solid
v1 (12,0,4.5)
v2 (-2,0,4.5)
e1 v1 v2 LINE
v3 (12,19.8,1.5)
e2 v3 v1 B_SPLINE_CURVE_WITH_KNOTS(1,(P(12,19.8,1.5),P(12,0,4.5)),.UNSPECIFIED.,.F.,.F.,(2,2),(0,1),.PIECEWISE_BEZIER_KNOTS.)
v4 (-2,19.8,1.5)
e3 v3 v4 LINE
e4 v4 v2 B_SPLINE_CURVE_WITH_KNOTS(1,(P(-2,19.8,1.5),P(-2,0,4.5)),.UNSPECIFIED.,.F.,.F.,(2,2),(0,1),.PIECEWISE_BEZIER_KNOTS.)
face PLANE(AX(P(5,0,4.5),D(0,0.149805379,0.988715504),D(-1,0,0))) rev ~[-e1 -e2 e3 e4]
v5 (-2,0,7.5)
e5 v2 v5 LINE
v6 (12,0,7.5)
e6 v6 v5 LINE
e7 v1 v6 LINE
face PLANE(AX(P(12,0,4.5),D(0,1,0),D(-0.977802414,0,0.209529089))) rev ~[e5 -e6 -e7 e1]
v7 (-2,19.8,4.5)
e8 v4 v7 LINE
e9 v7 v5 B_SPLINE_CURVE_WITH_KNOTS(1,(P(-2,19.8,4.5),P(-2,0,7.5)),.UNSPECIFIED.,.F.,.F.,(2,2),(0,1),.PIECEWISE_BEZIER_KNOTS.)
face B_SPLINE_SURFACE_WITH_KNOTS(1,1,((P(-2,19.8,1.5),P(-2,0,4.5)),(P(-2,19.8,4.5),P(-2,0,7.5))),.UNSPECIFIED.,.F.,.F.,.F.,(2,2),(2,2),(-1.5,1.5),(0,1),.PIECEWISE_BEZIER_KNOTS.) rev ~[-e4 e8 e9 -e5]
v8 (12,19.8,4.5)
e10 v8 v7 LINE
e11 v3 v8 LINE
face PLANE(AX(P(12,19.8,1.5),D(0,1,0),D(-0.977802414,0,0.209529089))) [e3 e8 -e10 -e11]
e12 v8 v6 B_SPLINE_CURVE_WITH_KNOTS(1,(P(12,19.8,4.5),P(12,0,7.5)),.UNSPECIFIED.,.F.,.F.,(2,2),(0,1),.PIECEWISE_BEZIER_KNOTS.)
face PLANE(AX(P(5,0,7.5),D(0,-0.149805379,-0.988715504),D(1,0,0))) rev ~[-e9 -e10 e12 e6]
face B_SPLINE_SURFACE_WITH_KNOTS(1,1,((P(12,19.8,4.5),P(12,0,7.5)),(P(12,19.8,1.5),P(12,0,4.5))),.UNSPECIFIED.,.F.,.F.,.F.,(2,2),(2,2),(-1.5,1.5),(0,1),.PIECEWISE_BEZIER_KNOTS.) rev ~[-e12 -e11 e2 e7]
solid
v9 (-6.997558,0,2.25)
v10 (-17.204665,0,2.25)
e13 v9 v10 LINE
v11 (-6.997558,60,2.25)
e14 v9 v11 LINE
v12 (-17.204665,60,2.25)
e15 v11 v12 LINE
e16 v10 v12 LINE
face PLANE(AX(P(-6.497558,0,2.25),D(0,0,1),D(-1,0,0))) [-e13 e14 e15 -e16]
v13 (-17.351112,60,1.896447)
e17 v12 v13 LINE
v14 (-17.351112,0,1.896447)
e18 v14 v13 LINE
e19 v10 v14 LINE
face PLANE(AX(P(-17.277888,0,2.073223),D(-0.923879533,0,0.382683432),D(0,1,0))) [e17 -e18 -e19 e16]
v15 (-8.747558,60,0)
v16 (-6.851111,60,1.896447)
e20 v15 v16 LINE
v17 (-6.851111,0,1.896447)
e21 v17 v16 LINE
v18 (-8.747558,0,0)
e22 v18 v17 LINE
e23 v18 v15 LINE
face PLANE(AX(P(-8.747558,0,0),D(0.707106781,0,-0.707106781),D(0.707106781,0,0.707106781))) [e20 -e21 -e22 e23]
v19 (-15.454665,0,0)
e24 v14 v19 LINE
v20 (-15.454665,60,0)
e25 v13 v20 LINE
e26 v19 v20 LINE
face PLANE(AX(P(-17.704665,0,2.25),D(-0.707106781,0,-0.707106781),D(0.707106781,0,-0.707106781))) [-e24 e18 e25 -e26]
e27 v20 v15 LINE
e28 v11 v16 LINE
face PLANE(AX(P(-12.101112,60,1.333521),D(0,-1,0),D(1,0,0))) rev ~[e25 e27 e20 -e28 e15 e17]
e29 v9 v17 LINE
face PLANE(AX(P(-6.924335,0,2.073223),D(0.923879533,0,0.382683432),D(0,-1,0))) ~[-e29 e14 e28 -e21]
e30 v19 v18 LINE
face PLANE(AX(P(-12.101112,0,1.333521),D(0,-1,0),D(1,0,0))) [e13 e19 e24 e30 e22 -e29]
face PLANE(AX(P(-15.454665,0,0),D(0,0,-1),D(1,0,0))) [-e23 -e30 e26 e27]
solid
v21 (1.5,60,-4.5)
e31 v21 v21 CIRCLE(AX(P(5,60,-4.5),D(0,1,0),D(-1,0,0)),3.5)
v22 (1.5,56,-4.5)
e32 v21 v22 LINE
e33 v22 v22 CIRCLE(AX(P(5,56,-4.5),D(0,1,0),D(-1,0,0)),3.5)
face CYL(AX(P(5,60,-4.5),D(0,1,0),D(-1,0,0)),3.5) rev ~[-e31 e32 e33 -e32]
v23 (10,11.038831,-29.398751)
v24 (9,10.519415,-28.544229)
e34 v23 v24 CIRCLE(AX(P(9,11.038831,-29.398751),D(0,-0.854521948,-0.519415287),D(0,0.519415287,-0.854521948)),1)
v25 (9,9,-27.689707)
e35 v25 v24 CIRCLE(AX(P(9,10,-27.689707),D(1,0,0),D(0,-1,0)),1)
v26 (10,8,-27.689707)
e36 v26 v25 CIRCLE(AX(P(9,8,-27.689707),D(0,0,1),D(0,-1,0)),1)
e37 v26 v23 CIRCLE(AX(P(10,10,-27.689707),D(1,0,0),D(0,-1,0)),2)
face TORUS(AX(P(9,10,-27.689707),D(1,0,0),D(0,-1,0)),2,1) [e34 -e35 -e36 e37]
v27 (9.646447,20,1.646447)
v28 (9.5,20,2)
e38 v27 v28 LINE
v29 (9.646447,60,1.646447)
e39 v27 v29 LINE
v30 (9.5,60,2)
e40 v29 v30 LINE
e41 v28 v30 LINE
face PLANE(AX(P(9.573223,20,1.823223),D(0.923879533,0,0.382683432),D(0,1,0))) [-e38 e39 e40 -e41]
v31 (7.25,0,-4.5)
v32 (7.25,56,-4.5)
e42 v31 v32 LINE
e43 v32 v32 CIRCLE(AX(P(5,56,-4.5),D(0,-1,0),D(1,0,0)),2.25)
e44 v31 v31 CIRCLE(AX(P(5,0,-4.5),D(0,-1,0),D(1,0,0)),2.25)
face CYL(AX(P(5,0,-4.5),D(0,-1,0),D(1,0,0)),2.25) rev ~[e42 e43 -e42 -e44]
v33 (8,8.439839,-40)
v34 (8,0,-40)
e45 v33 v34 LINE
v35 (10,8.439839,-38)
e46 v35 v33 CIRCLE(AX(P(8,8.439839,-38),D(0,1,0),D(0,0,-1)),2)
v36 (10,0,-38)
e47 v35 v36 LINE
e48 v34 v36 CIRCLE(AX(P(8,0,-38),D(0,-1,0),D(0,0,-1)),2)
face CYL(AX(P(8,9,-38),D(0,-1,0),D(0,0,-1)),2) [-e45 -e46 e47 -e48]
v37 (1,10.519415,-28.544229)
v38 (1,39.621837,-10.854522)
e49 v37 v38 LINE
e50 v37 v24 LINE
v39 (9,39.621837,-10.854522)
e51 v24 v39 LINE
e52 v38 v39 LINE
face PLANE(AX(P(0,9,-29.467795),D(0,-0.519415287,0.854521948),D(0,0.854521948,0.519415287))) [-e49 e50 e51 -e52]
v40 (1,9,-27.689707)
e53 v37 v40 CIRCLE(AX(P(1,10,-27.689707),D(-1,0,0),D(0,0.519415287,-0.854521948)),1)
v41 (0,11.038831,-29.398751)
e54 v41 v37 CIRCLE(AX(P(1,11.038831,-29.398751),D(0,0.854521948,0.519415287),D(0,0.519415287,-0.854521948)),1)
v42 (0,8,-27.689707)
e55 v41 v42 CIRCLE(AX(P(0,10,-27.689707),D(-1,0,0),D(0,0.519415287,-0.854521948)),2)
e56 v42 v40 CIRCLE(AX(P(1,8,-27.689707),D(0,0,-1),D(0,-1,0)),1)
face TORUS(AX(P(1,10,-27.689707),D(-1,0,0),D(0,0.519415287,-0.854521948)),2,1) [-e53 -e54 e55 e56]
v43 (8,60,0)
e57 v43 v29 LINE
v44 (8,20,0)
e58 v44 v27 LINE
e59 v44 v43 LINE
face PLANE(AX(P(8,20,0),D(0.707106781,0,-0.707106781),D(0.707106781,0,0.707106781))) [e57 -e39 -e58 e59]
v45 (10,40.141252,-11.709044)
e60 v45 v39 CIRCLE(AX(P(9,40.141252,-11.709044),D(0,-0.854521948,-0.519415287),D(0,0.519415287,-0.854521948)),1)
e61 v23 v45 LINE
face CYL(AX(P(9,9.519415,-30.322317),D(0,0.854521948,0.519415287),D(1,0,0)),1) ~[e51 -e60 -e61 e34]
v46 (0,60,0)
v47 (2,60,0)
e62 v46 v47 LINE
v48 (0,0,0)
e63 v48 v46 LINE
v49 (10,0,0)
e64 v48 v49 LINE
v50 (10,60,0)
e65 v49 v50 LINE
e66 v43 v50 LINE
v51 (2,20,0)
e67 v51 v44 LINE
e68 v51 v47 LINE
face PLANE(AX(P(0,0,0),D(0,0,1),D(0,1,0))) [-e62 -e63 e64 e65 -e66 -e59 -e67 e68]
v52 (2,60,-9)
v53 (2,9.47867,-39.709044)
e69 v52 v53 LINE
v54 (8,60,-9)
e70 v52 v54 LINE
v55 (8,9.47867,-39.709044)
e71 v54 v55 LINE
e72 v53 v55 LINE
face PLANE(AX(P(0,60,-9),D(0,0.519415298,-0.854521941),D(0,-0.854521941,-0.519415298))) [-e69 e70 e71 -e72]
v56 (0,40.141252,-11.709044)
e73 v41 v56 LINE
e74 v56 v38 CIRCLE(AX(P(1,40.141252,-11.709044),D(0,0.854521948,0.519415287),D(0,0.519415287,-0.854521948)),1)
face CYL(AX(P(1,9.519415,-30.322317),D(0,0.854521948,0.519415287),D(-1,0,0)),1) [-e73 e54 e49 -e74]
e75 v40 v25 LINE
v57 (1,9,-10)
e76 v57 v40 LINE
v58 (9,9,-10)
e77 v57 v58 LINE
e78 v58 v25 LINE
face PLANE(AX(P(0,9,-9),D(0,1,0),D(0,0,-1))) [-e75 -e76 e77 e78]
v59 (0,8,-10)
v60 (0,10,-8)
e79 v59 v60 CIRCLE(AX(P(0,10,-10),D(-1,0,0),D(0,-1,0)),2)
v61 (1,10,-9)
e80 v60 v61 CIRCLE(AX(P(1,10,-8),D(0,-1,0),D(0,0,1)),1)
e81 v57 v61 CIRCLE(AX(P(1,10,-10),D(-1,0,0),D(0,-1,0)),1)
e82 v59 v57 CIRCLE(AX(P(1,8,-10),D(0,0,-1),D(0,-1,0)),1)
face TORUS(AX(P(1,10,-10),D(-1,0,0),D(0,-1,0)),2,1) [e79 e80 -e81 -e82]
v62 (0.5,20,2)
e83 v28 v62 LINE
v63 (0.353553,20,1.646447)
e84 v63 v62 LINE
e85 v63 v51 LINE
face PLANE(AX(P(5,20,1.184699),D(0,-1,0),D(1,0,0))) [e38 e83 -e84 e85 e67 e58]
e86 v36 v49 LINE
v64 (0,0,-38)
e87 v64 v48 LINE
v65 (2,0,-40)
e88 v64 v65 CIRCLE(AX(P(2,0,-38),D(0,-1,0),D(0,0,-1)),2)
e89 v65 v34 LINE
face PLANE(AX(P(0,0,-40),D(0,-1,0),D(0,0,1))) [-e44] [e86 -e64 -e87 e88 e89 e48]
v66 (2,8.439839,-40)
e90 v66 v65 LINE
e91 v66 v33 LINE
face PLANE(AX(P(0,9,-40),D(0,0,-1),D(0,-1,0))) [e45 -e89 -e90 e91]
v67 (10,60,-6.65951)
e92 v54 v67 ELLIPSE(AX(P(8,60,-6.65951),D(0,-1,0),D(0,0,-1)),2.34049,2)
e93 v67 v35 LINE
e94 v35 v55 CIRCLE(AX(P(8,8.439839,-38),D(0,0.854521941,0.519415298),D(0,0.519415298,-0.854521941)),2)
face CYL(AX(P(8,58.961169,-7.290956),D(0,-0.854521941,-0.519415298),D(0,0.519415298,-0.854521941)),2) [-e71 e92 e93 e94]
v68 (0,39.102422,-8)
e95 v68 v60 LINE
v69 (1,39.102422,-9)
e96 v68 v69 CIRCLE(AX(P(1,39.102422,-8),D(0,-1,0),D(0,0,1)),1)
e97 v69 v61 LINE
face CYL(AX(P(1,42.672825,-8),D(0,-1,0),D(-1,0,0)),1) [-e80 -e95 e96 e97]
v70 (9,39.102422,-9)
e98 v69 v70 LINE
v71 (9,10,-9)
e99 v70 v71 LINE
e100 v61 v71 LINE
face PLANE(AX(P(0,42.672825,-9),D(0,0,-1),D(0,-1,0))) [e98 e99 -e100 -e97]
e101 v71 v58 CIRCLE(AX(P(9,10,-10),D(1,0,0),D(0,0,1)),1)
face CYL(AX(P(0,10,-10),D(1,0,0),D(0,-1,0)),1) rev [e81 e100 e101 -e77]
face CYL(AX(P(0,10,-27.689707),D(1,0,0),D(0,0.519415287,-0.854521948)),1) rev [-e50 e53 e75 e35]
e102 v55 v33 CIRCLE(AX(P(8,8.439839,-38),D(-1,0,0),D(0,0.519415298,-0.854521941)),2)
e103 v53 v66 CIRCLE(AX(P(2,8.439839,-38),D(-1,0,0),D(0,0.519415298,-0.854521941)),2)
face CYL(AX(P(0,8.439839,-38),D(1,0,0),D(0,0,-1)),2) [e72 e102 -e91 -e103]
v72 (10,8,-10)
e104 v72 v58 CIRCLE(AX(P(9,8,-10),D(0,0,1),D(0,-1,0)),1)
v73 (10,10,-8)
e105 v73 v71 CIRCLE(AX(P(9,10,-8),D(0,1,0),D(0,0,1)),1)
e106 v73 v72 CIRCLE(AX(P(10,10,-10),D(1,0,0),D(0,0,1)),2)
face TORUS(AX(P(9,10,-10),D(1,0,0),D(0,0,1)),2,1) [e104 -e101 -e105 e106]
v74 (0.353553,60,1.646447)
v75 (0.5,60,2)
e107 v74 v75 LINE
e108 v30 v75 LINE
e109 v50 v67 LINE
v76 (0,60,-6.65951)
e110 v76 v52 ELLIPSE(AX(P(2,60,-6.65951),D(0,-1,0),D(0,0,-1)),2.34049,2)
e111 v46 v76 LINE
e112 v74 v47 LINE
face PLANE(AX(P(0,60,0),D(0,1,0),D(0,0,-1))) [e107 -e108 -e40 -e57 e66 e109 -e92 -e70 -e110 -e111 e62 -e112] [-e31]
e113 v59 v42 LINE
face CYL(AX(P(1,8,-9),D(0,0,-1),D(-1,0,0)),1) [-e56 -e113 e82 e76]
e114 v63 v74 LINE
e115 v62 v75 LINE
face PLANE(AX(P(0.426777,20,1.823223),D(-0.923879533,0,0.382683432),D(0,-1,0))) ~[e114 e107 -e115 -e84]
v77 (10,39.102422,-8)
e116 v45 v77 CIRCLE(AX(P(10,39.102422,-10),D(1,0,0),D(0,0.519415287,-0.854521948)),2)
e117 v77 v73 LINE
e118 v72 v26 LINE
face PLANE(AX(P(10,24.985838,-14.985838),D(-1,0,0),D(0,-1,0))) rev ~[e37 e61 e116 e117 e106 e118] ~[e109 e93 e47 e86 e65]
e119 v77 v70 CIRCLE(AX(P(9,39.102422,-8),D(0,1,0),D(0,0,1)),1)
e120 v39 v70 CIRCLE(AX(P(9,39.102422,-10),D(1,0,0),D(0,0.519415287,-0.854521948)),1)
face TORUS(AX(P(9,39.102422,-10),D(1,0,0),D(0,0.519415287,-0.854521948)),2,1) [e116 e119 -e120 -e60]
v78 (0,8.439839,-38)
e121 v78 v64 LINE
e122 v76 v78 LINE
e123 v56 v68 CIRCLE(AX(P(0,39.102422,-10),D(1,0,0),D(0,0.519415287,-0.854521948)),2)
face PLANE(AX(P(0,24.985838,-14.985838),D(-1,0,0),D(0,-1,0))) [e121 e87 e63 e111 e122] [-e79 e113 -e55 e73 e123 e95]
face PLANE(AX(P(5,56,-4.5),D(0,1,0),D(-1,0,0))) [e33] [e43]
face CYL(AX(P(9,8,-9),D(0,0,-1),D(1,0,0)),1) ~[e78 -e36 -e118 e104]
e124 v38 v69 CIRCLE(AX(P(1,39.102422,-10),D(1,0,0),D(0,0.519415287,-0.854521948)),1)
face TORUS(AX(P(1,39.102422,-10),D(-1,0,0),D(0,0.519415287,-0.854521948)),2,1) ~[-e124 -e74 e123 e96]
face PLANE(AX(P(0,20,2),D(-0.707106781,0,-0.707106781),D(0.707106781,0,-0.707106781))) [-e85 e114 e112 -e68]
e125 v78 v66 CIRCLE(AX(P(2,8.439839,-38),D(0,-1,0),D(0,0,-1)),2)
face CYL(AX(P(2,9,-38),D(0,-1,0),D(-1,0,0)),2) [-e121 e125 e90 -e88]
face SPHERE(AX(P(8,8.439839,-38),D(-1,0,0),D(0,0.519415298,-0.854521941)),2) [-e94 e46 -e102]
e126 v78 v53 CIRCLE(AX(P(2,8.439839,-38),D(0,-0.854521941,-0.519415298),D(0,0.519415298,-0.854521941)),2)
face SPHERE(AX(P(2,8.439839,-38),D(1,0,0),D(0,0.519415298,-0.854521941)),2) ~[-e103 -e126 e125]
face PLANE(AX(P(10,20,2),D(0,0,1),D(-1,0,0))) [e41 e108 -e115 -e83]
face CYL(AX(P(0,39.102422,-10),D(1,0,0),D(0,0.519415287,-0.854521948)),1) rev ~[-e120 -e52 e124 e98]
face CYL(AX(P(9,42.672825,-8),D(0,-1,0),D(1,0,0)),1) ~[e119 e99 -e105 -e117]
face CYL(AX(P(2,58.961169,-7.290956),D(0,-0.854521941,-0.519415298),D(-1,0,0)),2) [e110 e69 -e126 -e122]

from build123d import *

# Parameters (mm, degrees)
PAD_DEPTH       = 10
SKETCH001_R     = 2.25
POCKET_DEPTH    = 60.001
SKETCH004_R     = 3.5
POCKET002_DEPTH = 4
POCKET001_DEPTH = 10.001
PAD001_DEPTH    = 40
CHAMFER_SIZE    = 0.5
FILLET_R        = 1
FILLET001_R     = 2
SKETCH006_W     = 14
SKETCH006_H     = 3
SKETCH005_W     = 14
SKETCH005_H     = 3
PAD002_DEPTH    = 60
CHAMFER001_SIZE = 0.5


with BuildPart() as mount:
    # Sketch → Pad (new body)
    with BuildSketch(Plane.YZ):
        Polygon((0, 0), (60, 0), (60, -9), (9, -40), (0, -40), align=None)
    extrude(amount=PAD_DEPTH)

    # Sketch001 → Pocket (cut, through all)
    with BuildSketch(Plane.XZ):
        with Locations((5, -4.5)):
            Circle(SKETCH001_R)
    extrude(amount=-POCKET_DEPTH, mode=Mode.SUBTRACT)

    # Sketch004 → Pocket002 (cut)
    with BuildSketch(Plane(origin=(0, 60, 0), x_dir=(-1, 0, 0), z_dir=(0, 1, 0))):
        with Locations((-5, -4.5)):
            Circle(SKETCH004_R)
    extrude(amount=-POCKET002_DEPTH, mode=Mode.SUBTRACT)

    # Sketch002 → Pocket001 (cut, through all)
    with BuildSketch(Plane(origin=(0, 0, 0), x_dir=(0, -1, 0), z_dir=(-1, 0, 0))):
        Polygon((-42.672825, -9), (-9, -9), (-9, -29.467795), align=None)
    extrude(amount=-POCKET001_DEPTH, mode=Mode.SUBTRACT)

    # Sketch003 → Pad001 (join)
    with BuildSketch(Plane(origin=(0, 20, 0), x_dir=(-1, 0, 0), z_dir=(0, 1, 0))):
        Polygon((-8, 0), (-10, 2), (0, 2), (-2, 0), align=None)
    extrude(amount=PAD001_DEPTH)

    # Chamfer
    chamfer_edges = [mount.edges().sort_by_distance(p)[0] for p in [
        (0, 40, 2),
        (10, 40, 2),
    ]]
    chamfer(chamfer_edges, length=CHAMFER_SIZE)

    # Fillet
    fillet_edges = [mount.edges().sort_by_distance(p)[0] for p in [
        (0, 25.836412, -9),
        (5, 9, -9),
        (10, 25.836412, -9),
        (5, 42.672825, -9),
        (0, 9, -19.233898),
        (5, 9, -29.467795),
        (10, 9, -19.233898),
        (0, 25.836412, -19.233898),
        (10, 25.836412, -19.233898),
    ]]
    fillet(fillet_edges, radius=FILLET_R)

    # Fillet001
    fillet001_edges = [mount.edges().sort_by_distance(p)[0] for p in [
        (10, 34.5, -24.5),
        (0, 34.5, -24.5),
        (10, 4.5, -40),
        (0, 4.5, -40),
        (5, 9, -40),
    ]]
    fillet(fillet001_edges, radius=FILLET001_R)


with BuildPart() as dovetail_support:
    # Sketch006 → AdditiveLoft section 0
    with BuildSketch(Plane(origin=(0, 19.8, 0), x_dir=(-1, 0, 0), z_dir=(0, 1, 0))):
        with Locations((-5, 3)):
            Rectangle(SKETCH006_W, SKETCH006_H)
    # Sketch005 → AdditiveLoft section 1
    with BuildSketch(Plane(origin=(0, 0, 0), x_dir=(-1, 0, 0), z_dir=(0, 1, 0))):
        with Locations((-5, 6)):
            Rectangle(SKETCH005_W, SKETCH005_H)
    loft()


with BuildPart() as dovetail_slot_mask:
    # Sketch007 → Pad002 (new body)
    with BuildSketch(Plane(origin=(0, 0, 0), x_dir=(-1, 0, 0), z_dir=(0, 1, 0))):
        Polygon((6.497558, 2.25), (17.704665, 2.25), (15.454665, 0), (8.747558, 0), align=None)
    extrude(amount=PAD002_DEPTH)

    # Chamfer001
    chamfer001_edges = [dovetail_slot_mask.edges().sort_by_distance(p)[0] for p in [
        (-17.704665, 30, 2.25),
        (-6.497558, 30, 2.25),
    ]]
    chamfer(chamfer001_edges, length=CHAMFER001_SIZE)


solid = Compound([mount.part, dovetail_support.part, dovetail_slot_mask.part])
